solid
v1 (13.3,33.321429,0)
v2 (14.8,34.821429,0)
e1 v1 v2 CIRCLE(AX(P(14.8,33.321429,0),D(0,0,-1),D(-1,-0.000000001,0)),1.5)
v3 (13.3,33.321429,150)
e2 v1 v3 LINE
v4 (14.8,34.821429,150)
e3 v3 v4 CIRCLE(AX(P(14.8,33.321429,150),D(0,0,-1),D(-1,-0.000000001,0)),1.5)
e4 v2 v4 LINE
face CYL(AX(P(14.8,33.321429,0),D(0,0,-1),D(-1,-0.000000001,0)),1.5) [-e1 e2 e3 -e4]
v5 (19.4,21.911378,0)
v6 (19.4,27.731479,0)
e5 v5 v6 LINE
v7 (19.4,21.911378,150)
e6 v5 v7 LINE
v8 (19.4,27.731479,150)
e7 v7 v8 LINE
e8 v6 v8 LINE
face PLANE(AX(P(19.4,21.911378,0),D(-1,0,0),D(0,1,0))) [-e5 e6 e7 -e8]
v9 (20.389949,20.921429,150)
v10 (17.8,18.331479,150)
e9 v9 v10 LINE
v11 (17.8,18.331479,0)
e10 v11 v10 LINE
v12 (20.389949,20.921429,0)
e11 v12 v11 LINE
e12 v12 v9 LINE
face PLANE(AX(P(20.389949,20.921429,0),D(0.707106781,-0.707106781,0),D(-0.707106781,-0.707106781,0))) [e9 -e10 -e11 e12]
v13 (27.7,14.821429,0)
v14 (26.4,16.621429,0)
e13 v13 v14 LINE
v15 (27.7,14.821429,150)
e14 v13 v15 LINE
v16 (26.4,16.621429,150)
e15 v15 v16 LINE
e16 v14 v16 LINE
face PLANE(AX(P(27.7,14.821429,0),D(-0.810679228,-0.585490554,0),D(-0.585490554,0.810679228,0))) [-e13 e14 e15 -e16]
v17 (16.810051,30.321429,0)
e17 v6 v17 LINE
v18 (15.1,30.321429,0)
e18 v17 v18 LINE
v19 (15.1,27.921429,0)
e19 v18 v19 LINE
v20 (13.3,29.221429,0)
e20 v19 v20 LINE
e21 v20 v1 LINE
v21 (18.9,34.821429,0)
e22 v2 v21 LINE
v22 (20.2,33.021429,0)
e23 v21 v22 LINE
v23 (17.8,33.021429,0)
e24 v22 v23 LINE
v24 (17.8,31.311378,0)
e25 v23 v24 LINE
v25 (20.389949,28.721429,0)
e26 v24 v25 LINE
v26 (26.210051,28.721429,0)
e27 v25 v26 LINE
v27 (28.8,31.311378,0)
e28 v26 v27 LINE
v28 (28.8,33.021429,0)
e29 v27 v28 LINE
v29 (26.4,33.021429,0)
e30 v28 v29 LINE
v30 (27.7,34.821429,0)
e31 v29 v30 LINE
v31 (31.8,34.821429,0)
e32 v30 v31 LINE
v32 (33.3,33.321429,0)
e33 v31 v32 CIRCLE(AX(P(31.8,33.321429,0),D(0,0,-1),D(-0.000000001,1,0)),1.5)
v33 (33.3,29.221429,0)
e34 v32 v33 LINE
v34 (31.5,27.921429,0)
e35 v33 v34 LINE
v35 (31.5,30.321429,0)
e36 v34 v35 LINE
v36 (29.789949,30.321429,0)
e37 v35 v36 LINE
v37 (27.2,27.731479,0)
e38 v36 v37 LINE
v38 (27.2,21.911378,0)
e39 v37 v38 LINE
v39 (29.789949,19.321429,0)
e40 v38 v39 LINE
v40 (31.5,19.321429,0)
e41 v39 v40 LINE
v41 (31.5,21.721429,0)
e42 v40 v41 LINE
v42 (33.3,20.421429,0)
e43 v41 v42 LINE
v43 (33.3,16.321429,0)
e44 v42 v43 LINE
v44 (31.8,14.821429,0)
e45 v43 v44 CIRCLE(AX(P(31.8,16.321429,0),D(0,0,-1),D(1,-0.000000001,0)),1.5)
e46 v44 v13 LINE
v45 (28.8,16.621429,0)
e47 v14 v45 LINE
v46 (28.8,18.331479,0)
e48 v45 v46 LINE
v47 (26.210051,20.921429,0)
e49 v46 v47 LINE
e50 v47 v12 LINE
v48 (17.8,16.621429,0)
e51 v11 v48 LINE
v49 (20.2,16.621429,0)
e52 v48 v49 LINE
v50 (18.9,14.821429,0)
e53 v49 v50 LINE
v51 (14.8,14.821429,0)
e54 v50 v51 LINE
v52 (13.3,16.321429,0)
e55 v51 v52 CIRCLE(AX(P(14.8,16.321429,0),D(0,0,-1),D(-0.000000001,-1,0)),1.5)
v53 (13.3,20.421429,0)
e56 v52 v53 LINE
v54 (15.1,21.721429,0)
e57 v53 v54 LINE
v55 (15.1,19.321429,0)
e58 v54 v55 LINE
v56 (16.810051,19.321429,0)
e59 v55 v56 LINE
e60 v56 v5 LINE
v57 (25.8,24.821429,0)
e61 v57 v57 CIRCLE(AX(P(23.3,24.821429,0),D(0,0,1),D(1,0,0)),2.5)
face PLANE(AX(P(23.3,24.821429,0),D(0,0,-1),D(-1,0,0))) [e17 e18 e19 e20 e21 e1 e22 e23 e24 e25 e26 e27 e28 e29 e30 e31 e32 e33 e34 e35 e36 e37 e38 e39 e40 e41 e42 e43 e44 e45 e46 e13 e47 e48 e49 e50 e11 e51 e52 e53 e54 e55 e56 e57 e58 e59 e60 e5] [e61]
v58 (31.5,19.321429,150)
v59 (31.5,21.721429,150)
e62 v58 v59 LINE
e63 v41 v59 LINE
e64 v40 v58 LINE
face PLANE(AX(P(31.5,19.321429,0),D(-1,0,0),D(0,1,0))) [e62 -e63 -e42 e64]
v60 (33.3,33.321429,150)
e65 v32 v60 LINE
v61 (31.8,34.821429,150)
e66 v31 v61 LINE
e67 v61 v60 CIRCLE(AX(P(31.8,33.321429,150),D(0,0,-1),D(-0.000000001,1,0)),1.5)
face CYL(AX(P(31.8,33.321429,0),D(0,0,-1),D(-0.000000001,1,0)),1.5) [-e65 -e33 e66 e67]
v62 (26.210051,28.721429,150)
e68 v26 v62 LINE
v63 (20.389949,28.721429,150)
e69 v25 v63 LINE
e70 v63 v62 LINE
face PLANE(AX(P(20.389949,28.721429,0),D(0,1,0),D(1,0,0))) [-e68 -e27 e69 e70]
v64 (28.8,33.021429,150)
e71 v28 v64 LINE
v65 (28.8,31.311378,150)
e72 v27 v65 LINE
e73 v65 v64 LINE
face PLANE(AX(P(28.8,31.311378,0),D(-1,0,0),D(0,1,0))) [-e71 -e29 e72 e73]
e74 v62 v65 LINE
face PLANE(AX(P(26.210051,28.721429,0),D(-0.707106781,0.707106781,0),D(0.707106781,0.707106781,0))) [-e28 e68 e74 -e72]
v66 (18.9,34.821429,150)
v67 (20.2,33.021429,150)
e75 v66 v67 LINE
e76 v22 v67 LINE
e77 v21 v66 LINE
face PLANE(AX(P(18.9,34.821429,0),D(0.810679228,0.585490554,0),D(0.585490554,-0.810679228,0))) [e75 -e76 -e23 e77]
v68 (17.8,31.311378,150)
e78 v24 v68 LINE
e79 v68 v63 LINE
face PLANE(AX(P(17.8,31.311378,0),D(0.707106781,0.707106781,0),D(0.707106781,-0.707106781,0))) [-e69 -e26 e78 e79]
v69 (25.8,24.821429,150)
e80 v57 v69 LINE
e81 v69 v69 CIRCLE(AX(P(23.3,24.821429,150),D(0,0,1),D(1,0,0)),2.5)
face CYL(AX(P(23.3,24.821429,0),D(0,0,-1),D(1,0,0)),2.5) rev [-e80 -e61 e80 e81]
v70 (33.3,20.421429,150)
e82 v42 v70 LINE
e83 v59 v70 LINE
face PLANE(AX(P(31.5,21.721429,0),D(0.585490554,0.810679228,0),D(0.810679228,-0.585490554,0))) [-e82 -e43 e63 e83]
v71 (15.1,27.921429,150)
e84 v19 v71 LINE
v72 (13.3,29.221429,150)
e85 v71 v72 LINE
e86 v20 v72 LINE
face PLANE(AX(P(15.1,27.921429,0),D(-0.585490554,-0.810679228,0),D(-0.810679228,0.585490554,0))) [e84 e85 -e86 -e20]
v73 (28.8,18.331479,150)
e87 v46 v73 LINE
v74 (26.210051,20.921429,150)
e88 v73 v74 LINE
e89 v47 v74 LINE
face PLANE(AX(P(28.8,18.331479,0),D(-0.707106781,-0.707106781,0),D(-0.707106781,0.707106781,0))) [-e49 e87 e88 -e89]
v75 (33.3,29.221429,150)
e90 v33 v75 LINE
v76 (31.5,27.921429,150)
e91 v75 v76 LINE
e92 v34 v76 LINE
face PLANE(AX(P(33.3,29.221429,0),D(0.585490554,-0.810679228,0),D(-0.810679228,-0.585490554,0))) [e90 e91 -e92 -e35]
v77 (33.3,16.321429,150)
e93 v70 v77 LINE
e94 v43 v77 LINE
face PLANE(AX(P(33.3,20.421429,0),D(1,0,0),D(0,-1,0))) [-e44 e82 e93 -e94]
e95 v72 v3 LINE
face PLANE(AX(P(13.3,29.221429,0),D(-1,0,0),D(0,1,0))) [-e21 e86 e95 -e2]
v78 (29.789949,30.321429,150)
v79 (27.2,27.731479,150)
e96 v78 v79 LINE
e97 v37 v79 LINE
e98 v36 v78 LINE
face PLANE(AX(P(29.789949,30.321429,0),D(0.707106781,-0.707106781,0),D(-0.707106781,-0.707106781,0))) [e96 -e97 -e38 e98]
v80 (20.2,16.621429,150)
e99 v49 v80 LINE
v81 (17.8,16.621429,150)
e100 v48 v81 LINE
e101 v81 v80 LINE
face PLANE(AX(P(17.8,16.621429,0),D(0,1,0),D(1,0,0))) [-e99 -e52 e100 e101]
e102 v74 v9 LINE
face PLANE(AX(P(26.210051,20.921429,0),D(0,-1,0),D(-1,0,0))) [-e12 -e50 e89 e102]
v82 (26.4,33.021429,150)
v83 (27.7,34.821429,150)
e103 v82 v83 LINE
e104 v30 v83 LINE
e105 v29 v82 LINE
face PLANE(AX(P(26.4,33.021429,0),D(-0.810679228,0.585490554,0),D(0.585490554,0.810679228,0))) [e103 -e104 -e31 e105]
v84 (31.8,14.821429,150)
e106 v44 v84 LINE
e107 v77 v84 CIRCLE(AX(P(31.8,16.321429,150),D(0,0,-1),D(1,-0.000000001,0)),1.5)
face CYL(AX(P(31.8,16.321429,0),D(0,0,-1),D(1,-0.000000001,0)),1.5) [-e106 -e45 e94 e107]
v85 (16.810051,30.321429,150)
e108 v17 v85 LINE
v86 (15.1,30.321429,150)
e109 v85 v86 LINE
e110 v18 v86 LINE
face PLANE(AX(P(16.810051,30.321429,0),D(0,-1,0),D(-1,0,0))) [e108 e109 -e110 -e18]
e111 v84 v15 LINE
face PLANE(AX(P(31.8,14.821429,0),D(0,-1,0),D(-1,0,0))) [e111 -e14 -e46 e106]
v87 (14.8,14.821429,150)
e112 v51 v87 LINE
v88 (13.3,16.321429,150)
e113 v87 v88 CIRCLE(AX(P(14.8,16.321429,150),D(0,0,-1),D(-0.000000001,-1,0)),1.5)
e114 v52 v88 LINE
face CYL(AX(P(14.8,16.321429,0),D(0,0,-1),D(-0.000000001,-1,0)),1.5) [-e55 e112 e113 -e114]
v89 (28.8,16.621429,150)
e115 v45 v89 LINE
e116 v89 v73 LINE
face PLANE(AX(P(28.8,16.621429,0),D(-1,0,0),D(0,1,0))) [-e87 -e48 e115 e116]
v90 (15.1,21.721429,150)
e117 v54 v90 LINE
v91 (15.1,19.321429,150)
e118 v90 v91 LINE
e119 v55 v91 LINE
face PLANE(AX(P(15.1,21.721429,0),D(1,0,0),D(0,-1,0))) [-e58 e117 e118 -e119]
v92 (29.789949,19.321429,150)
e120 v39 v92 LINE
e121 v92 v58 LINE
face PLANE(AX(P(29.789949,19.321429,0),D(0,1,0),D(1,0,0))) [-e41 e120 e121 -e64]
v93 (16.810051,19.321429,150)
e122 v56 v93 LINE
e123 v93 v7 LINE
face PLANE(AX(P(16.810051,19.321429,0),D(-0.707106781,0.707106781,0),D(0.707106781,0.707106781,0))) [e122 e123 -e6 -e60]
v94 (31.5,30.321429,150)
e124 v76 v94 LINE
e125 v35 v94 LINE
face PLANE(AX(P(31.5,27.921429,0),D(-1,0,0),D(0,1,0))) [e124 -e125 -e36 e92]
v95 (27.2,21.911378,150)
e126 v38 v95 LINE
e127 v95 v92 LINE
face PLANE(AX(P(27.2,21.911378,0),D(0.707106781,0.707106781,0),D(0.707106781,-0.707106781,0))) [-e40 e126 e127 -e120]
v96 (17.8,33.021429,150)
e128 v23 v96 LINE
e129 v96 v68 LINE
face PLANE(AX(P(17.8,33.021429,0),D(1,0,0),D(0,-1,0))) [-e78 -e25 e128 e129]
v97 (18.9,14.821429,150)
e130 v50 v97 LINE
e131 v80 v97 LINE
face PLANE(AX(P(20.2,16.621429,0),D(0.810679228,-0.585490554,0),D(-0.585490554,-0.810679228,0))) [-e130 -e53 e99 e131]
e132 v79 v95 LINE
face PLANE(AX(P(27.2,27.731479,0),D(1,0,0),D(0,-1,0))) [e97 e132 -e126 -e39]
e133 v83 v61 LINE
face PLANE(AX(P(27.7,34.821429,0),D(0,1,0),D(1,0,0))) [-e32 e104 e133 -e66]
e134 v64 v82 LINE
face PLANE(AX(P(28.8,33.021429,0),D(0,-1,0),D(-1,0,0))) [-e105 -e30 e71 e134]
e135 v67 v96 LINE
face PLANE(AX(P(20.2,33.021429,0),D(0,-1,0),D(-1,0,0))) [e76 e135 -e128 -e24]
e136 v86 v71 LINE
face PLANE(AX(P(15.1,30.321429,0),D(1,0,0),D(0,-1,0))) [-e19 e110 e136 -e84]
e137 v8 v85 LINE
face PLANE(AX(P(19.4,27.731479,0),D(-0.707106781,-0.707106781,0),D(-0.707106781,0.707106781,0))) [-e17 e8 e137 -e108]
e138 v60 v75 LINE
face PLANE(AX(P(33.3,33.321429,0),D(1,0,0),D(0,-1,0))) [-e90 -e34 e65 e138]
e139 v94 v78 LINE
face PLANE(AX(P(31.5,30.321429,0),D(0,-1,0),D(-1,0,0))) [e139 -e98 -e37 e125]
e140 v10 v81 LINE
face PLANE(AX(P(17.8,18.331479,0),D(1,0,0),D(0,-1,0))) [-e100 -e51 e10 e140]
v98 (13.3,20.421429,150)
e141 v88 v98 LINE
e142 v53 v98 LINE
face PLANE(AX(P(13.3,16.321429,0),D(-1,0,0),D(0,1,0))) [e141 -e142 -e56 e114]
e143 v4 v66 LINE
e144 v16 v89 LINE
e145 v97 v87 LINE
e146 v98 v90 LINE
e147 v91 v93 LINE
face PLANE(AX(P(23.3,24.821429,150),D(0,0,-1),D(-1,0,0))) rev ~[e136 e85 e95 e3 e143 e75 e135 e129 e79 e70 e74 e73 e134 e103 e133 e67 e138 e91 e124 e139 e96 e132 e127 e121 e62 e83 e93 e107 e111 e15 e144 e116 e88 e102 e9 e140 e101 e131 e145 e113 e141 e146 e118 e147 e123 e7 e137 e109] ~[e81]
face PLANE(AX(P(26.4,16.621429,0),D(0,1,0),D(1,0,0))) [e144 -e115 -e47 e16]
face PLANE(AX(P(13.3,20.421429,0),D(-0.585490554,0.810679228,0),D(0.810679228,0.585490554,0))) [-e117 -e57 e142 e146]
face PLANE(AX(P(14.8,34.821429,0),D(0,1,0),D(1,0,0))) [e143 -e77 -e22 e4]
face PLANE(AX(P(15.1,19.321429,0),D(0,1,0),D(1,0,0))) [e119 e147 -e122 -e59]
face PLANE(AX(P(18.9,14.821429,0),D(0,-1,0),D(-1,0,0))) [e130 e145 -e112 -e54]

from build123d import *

# Parameters (mm, degrees)
SKETCH_1_R      = 2.5
EXTRUDE_1_DEPTH = 150


with BuildPart() as part:
    # 草图1 → 凸台-拉伸1 (new body)
    with BuildSketch(Plane.XY):
        with BuildLine():
            Line((14.8, 34.821428571), (18.9, 34.821428571))
            Line((18.9, 34.821428571), (20.2, 33.021428571))
            Line((20.2, 33.021428571), (17.8, 33.021428571))
            Line((17.8, 33.021428571), (17.8, 31.311378065))
            Line((17.8, 31.311378065), (20.389949494, 28.721428571))
            Line((20.389949494, 28.721428571), (26.210050506, 28.721428571))
            Line((26.210050506, 28.721428571), (28.8, 31.311378065))
            Line((28.8, 31.311378065), (28.8, 33.021428571))
            Line((28.8, 33.021428571), (26.4, 33.021428571))
            Line((26.4, 33.021428571), (27.7, 34.821428571))
            Line((27.7, 34.821428571), (31.8, 34.821428571))
            ThreePointArc((31.8, 34.821428571), (32.860660172, 34.382088743), (33.3, 33.321428571))
            Line((33.3, 33.321428571), (33.3, 29.221428571))
            Line((33.3, 29.221428571), (31.5, 27.921428571))
            Line((31.5, 27.921428571), (31.5, 30.321428571))
            Line((31.5, 30.321428571), (29.789949494, 30.321428571))
            Line((29.789949494, 30.321428571), (27.2, 27.731479078))
            Line((27.2, 27.731479078), (27.2, 21.911378065))
            Line((27.2, 21.911378065), (29.789949494, 19.321428571))
            Line((29.789949494, 19.321428571), (31.5, 19.321428571))
            Line((31.5, 19.321428571), (31.5, 21.721428571))
            Line((31.5, 21.721428571), (33.3, 20.421428571))
            Line((33.3, 20.421428571), (33.3, 16.321428571))
            ThreePointArc((33.3, 16.321428571), (32.860660172, 15.2607684), (31.8, 14.821428571))
            Line((31.8, 14.821428571), (27.7, 14.821428571))
            Line((27.7, 14.821428571), (26.4, 16.621428571))
            Line((26.4, 16.621428571), (28.8, 16.621428571))
            Line((28.8, 16.621428571), (28.8, 18.331479078))
            Line((28.8, 18.331479078), (26.210050506, 20.921428571))
            Line((26.210050506, 20.921428571), (20.389949494, 20.921428571))
            Line((20.389949494, 20.921428571), (17.8, 18.331479078))
            Line((17.8, 18.331479078), (17.8, 16.621428571))
            Line((17.8, 16.621428571), (20.2, 16.621428571))
            Line((20.2, 16.621428571), (18.9, 14.821428571))
            Line((18.9, 14.821428571), (14.8, 14.821428571))
            ThreePointArc((14.8, 14.821428571), (13.739339828, 15.2607684), (13.3, 16.321428571))
            Line((13.3, 16.321428571), (13.3, 20.421428571))
            Line((13.3, 20.421428571), (15.1, 21.721428571))
            Line((15.1, 21.721428571), (15.1, 19.321428571))
            Line((15.1, 19.321428571), (16.810050506, 19.321428571))
            Line((16.810050506, 19.321428571), (19.4, 21.911378065))
            Line((19.4, 21.911378065), (19.4, 27.731479078))
            Line((19.4, 27.731479078), (16.810050506, 30.321428571))
            Line((16.810050506, 30.321428571), (15.1, 30.321428571))
            Line((15.1, 30.321428571), (15.1, 27.921428571))
            Line((15.1, 27.921428571), (13.3, 29.221428571))
            Line((13.3, 29.221428571), (13.3, 33.321428571))
            ThreePointArc((13.3, 33.321428571), (13.739339828, 34.382088743), (14.8, 34.821428571))
        make_face()
        with Locations((23.3, 24.821428571)):
            Circle(SKETCH_1_R, mode=Mode.SUBTRACT)
    extrude(amount=EXTRUDE_1_DEPTH)


solid = part.part
